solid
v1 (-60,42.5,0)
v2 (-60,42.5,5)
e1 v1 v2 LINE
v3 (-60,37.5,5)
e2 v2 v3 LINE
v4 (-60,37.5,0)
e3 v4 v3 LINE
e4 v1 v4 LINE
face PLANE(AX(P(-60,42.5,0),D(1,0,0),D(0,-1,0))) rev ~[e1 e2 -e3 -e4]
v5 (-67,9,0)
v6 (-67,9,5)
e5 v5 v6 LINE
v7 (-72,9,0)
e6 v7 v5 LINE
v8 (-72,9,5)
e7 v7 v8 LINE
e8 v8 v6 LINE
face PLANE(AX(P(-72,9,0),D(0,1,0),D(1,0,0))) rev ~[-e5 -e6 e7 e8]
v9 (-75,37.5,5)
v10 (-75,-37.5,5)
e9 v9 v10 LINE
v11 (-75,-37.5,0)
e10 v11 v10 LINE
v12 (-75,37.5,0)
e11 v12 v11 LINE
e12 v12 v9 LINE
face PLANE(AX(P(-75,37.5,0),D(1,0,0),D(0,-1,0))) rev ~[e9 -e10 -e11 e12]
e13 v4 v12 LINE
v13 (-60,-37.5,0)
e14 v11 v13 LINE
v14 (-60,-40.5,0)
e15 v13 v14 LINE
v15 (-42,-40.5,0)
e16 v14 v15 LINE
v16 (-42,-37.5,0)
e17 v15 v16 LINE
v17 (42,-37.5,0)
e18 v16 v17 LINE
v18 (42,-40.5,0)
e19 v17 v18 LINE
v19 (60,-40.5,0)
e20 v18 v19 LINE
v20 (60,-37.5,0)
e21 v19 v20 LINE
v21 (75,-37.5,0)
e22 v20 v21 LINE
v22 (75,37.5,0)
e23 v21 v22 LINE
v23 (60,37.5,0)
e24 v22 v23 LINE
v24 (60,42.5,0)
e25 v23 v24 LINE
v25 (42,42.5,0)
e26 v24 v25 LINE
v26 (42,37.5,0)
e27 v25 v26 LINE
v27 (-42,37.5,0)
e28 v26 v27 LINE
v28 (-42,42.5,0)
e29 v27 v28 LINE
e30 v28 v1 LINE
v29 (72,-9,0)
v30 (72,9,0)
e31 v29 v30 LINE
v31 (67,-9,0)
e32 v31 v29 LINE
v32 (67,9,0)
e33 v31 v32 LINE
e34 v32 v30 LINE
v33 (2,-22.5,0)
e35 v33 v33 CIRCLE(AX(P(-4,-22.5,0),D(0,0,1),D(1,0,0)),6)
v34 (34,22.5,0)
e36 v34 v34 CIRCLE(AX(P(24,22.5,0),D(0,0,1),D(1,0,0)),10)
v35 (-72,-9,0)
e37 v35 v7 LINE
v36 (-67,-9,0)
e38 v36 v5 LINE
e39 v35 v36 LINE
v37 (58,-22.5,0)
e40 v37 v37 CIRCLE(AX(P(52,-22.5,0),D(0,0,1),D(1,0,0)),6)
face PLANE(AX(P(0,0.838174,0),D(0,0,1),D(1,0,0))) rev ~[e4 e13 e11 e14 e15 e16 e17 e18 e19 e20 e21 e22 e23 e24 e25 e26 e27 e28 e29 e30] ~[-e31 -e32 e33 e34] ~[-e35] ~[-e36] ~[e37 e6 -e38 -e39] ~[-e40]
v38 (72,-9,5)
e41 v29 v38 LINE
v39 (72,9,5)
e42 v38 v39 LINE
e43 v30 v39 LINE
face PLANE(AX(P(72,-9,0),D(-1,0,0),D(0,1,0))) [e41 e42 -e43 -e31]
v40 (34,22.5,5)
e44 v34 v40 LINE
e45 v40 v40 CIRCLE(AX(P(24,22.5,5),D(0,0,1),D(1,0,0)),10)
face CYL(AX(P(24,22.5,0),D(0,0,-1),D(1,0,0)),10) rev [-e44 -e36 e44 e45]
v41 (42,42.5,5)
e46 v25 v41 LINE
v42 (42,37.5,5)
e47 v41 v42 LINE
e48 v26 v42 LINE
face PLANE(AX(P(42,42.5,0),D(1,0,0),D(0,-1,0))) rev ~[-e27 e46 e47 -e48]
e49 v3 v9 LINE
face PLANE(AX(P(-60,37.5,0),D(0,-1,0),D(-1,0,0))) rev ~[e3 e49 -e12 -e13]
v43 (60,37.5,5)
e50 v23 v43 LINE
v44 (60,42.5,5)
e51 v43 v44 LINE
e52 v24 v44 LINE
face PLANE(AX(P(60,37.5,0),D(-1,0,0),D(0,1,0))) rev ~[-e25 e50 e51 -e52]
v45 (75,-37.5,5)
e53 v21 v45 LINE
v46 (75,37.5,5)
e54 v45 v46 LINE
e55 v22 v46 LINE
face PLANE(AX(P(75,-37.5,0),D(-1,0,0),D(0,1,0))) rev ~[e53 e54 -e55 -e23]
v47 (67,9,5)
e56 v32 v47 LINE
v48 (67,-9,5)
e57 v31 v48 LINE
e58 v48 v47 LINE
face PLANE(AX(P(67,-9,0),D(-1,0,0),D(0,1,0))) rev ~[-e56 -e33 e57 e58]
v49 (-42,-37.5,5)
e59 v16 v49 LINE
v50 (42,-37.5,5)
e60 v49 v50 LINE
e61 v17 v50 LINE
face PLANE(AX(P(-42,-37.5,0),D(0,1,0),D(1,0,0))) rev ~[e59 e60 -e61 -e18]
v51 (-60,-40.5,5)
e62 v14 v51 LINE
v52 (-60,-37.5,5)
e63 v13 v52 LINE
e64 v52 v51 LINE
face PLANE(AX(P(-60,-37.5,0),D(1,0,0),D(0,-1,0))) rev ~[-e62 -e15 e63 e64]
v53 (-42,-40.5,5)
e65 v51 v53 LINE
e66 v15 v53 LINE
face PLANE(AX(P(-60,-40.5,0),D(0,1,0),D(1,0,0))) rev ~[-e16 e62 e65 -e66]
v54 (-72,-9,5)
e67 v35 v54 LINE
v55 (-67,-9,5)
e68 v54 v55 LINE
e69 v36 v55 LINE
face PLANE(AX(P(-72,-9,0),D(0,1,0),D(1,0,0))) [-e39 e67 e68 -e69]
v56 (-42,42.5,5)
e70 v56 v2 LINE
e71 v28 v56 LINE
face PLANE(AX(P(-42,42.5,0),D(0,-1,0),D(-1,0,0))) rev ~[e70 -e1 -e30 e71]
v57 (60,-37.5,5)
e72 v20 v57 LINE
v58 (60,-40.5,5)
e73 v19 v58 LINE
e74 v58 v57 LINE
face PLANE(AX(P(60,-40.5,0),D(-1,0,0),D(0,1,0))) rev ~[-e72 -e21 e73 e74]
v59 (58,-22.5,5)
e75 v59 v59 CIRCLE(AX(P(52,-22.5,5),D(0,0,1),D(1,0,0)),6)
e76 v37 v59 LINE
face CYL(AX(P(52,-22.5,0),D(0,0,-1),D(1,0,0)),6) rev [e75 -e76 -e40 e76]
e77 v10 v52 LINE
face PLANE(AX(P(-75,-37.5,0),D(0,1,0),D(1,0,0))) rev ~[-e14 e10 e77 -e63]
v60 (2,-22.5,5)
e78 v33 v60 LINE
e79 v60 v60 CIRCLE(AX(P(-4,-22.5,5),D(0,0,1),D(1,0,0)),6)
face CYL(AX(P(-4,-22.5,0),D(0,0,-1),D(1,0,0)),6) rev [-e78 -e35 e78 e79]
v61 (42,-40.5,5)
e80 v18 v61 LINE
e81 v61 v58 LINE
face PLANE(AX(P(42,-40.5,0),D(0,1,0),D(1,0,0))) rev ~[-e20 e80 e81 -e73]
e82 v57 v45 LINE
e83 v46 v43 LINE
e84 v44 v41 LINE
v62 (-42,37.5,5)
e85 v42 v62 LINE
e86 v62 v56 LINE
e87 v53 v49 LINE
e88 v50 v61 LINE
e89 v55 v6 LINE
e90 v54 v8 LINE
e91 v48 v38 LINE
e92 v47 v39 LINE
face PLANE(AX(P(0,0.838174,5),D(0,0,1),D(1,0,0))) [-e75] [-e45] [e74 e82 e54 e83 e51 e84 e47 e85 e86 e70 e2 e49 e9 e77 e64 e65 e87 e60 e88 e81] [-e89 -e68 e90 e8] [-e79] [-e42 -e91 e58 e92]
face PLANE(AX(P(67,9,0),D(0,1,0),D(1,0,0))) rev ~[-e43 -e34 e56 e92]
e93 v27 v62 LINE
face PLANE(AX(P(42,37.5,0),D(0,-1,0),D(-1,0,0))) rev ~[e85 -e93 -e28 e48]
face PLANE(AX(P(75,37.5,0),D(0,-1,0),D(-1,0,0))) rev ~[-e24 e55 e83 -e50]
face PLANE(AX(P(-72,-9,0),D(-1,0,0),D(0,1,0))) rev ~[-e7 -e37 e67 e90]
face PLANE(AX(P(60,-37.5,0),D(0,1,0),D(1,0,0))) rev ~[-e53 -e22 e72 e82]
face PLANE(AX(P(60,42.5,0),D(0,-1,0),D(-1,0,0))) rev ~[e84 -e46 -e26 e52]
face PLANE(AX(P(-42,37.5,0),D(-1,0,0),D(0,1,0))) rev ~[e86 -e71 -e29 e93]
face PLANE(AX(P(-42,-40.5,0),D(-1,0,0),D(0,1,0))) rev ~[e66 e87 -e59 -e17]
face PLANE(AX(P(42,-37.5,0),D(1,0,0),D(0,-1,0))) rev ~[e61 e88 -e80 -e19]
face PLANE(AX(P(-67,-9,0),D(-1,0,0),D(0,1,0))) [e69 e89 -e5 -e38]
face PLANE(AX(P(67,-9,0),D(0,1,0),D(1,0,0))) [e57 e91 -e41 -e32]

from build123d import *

# Parameters (mm, degrees)
F0_R     = 6
F0_W     = 5
F0_H     = 18
F0_R_2   = 10
F1_DEPTH = 5


with BuildPart() as f1:
    # F0 (on Top) → F1 (new body)
    with BuildSketch(Plane.XY):
        Polygon((75, -37.5), (75, 37.5), (60, 37.5), (60, 42.5), (42, 42.5), (42, 37.5), (-42, 37.5), (-42, 42.5), (-60, 42.5), (-60, 37.5), (-75, 37.5), (-75, -37.5), (-60, -37.5), (-60, -40.5), (-42, -40.5), (-42, -37.5), (42, -37.5), (42, -40.5), (60, -40.5), (60, -37.5), align=None)
        with Locations((-4, -22.5)):
            Circle(F0_R, mode=Mode.SUBTRACT)
        with Locations((-69.5, 0)):
            Rectangle(F0_W, F0_H, mode=Mode.SUBTRACT)
        with Locations((52, -22.5)):
            Circle(F0_R, mode=Mode.SUBTRACT)
        with Locations((69.5, 0)):
            Rectangle(F0_W, F0_H, mode=Mode.SUBTRACT)
        with Locations((24, 22.5)):
            Circle(F0_R_2, mode=Mode.SUBTRACT)
    extrude(amount=F1_DEPTH)


solid = f1.part
